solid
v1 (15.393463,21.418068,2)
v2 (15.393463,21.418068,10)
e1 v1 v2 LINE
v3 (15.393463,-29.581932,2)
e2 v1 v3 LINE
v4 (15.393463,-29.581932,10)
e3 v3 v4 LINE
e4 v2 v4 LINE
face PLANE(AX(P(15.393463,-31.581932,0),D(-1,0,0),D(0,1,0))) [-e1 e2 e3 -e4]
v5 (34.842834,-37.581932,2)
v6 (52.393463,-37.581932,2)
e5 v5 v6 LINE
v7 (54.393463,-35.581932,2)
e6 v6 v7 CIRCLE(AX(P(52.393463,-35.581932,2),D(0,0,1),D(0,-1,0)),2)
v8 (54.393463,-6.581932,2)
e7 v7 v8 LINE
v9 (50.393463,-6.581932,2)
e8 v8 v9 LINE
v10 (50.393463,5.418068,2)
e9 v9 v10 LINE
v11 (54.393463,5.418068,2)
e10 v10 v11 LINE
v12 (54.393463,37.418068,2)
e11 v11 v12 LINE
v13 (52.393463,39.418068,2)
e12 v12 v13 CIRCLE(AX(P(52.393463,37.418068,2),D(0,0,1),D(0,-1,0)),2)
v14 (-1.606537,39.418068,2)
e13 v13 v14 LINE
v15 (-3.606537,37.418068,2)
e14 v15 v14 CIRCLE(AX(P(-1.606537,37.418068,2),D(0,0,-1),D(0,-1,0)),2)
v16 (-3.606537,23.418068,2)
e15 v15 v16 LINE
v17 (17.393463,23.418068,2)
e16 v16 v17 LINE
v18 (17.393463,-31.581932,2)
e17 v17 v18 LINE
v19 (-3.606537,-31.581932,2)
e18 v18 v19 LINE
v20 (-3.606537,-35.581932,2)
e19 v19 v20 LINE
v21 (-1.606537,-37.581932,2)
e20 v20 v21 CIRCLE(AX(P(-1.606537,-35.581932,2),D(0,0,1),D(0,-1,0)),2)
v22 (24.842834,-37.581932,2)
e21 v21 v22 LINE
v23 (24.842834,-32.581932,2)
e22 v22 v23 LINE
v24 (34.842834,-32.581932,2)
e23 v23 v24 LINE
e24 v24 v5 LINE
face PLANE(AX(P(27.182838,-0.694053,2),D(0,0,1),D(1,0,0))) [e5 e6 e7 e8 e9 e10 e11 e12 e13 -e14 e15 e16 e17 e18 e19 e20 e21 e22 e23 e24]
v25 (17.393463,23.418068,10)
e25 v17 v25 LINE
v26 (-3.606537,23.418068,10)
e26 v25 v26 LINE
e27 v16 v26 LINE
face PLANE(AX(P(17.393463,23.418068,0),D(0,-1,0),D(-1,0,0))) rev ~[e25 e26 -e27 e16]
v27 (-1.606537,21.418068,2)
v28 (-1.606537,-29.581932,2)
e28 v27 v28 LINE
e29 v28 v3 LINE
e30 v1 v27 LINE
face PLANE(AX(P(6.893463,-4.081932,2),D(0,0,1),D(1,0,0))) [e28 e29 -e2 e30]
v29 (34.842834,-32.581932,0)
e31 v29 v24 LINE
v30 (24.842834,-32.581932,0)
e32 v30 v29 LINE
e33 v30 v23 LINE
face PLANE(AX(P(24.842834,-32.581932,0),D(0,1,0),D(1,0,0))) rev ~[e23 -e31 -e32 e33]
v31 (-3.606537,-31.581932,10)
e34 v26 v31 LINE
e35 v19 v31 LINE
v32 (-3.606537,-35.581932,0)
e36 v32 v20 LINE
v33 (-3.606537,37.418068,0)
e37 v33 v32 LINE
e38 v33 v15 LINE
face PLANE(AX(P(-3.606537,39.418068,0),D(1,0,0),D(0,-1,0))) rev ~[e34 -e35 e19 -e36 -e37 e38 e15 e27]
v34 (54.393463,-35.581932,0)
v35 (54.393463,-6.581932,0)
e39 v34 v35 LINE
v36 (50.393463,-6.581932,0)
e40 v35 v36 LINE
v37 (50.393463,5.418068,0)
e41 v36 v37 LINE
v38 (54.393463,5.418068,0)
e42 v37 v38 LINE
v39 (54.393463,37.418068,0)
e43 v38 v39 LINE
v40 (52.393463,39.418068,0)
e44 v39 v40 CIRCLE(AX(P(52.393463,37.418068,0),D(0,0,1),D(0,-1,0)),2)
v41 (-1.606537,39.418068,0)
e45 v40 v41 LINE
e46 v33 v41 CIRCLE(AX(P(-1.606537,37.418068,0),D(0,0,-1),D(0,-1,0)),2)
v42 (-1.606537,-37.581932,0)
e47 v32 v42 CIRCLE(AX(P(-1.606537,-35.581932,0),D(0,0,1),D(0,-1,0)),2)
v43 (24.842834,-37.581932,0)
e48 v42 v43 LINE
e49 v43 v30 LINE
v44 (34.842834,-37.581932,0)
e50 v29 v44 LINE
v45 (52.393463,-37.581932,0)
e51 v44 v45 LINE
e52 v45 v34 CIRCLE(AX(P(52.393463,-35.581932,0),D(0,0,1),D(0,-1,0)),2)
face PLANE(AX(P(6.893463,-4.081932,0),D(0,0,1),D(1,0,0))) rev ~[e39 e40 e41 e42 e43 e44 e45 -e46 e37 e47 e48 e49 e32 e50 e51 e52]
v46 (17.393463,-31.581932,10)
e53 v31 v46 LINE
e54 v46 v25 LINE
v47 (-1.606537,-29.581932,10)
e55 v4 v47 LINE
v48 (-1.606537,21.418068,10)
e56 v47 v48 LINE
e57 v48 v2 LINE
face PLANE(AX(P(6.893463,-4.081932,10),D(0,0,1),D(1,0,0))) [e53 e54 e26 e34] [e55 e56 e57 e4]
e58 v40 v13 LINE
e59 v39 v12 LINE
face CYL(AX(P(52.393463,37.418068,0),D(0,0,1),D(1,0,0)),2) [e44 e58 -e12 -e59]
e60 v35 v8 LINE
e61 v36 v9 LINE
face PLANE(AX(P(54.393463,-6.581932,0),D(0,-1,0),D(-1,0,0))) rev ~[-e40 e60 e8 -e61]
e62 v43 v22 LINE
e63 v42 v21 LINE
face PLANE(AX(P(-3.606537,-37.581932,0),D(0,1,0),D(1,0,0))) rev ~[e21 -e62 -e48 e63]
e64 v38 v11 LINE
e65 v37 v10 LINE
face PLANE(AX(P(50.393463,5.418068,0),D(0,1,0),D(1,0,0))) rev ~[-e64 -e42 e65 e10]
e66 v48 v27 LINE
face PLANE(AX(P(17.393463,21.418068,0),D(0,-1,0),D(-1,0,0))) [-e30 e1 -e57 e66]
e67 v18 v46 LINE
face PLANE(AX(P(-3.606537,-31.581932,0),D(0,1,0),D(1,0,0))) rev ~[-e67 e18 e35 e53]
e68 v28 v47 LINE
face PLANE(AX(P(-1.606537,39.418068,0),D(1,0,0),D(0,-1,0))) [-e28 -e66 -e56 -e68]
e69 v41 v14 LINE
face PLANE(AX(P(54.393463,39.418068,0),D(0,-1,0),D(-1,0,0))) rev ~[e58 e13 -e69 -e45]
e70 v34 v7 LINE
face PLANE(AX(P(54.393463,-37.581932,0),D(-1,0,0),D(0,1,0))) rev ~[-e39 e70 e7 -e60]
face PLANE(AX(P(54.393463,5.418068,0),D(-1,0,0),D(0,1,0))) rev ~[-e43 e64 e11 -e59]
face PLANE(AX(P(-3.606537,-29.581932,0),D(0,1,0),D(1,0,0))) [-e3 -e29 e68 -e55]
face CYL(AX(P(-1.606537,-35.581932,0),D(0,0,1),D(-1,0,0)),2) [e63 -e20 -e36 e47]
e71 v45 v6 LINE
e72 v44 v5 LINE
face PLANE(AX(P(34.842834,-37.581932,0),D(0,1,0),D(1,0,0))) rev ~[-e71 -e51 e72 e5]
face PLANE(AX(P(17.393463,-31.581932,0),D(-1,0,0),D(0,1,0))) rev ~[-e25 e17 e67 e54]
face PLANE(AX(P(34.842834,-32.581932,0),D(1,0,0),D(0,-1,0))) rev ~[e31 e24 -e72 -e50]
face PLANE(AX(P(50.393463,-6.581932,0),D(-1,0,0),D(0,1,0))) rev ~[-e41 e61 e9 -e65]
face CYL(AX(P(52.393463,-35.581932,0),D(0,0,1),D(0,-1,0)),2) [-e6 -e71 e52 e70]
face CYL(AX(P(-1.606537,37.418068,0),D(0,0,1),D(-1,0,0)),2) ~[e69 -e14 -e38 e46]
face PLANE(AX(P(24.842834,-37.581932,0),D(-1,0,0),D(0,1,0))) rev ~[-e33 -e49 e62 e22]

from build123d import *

# Parameters (mm, degrees)
F1_DEPTH = 2
F2_DEPTH = 10
F3_T     = -2
F4_R     = 2


with BuildPart() as f1:
    # F0 (on Top) → F1 (new body)
    with BuildSketch(Plane.XY):
        Polygon((18.3934628367, 39.4180682003), (-3.6065371633, 39.4180682003), (-3.6065371633, 23.4180682003), (17.3934628367, 23.4180682003), (17.3934628367, -31.5819317997), (-3.6065371633, -31.5819317997), (-3.6065371633, -37.5819317997), (24.8428341001, -37.5819317997), (24.8428341001, -32.5819317997), (34.8428341001, -32.5819317997), (34.8428341001, -37.5819317997), (54.3934628367, -37.5819317997), (54.3934628367, -6.5819317997), (50.3934628367, -6.5819317997), (50.3934628367, 5.4180682003), (54.3934628367, 5.4180682003), (54.3934628367, 17.4180682003), (54.3934628367, 39.4180682003), (32.3934628367, 39.4180682003), align=None)
        Polygon((17.3934628367, 23.4180682003), (-3.6065371633, 23.4180682003), (-3.6065371633, 17.4180682003), (-3.6065371633, -31.5819317997), (17.3934628367, -31.5819317997), align=None)
    extrude(amount=F1_DEPTH)

    # F0 (on Top) → F2 (join)
    with BuildSketch(Plane.XY):
        Polygon((17.3934628367, 23.4180682003), (-3.6065371633, 23.4180682003), (-3.6065371633, 17.4180682003), (-3.6065371633, -31.5819317997), (17.3934628367, -31.5819317997), align=None)
    extrude(amount=F2_DEPTH)

    # F3
    f3_openings = [f1.faces().sort_by_distance(p)[0] for p in [
        (6.893463, -4.081932, 10),
    ]]
    offset(amount=F3_T, openings=f3_openings, kind=Kind.INTERSECTION)

    # F4
    f4_edges = [f1.edges().sort_by_distance(p)[0] for p in [
        (54.393463, 39.418068, 1),
        (-3.606537, 39.418068, 1),
        (54.393463, -37.581932, 1),
        (-3.606537, -37.581932, 1),
    ]]
    fillet(f4_edges, radius=F4_R)


solid = f1.part
